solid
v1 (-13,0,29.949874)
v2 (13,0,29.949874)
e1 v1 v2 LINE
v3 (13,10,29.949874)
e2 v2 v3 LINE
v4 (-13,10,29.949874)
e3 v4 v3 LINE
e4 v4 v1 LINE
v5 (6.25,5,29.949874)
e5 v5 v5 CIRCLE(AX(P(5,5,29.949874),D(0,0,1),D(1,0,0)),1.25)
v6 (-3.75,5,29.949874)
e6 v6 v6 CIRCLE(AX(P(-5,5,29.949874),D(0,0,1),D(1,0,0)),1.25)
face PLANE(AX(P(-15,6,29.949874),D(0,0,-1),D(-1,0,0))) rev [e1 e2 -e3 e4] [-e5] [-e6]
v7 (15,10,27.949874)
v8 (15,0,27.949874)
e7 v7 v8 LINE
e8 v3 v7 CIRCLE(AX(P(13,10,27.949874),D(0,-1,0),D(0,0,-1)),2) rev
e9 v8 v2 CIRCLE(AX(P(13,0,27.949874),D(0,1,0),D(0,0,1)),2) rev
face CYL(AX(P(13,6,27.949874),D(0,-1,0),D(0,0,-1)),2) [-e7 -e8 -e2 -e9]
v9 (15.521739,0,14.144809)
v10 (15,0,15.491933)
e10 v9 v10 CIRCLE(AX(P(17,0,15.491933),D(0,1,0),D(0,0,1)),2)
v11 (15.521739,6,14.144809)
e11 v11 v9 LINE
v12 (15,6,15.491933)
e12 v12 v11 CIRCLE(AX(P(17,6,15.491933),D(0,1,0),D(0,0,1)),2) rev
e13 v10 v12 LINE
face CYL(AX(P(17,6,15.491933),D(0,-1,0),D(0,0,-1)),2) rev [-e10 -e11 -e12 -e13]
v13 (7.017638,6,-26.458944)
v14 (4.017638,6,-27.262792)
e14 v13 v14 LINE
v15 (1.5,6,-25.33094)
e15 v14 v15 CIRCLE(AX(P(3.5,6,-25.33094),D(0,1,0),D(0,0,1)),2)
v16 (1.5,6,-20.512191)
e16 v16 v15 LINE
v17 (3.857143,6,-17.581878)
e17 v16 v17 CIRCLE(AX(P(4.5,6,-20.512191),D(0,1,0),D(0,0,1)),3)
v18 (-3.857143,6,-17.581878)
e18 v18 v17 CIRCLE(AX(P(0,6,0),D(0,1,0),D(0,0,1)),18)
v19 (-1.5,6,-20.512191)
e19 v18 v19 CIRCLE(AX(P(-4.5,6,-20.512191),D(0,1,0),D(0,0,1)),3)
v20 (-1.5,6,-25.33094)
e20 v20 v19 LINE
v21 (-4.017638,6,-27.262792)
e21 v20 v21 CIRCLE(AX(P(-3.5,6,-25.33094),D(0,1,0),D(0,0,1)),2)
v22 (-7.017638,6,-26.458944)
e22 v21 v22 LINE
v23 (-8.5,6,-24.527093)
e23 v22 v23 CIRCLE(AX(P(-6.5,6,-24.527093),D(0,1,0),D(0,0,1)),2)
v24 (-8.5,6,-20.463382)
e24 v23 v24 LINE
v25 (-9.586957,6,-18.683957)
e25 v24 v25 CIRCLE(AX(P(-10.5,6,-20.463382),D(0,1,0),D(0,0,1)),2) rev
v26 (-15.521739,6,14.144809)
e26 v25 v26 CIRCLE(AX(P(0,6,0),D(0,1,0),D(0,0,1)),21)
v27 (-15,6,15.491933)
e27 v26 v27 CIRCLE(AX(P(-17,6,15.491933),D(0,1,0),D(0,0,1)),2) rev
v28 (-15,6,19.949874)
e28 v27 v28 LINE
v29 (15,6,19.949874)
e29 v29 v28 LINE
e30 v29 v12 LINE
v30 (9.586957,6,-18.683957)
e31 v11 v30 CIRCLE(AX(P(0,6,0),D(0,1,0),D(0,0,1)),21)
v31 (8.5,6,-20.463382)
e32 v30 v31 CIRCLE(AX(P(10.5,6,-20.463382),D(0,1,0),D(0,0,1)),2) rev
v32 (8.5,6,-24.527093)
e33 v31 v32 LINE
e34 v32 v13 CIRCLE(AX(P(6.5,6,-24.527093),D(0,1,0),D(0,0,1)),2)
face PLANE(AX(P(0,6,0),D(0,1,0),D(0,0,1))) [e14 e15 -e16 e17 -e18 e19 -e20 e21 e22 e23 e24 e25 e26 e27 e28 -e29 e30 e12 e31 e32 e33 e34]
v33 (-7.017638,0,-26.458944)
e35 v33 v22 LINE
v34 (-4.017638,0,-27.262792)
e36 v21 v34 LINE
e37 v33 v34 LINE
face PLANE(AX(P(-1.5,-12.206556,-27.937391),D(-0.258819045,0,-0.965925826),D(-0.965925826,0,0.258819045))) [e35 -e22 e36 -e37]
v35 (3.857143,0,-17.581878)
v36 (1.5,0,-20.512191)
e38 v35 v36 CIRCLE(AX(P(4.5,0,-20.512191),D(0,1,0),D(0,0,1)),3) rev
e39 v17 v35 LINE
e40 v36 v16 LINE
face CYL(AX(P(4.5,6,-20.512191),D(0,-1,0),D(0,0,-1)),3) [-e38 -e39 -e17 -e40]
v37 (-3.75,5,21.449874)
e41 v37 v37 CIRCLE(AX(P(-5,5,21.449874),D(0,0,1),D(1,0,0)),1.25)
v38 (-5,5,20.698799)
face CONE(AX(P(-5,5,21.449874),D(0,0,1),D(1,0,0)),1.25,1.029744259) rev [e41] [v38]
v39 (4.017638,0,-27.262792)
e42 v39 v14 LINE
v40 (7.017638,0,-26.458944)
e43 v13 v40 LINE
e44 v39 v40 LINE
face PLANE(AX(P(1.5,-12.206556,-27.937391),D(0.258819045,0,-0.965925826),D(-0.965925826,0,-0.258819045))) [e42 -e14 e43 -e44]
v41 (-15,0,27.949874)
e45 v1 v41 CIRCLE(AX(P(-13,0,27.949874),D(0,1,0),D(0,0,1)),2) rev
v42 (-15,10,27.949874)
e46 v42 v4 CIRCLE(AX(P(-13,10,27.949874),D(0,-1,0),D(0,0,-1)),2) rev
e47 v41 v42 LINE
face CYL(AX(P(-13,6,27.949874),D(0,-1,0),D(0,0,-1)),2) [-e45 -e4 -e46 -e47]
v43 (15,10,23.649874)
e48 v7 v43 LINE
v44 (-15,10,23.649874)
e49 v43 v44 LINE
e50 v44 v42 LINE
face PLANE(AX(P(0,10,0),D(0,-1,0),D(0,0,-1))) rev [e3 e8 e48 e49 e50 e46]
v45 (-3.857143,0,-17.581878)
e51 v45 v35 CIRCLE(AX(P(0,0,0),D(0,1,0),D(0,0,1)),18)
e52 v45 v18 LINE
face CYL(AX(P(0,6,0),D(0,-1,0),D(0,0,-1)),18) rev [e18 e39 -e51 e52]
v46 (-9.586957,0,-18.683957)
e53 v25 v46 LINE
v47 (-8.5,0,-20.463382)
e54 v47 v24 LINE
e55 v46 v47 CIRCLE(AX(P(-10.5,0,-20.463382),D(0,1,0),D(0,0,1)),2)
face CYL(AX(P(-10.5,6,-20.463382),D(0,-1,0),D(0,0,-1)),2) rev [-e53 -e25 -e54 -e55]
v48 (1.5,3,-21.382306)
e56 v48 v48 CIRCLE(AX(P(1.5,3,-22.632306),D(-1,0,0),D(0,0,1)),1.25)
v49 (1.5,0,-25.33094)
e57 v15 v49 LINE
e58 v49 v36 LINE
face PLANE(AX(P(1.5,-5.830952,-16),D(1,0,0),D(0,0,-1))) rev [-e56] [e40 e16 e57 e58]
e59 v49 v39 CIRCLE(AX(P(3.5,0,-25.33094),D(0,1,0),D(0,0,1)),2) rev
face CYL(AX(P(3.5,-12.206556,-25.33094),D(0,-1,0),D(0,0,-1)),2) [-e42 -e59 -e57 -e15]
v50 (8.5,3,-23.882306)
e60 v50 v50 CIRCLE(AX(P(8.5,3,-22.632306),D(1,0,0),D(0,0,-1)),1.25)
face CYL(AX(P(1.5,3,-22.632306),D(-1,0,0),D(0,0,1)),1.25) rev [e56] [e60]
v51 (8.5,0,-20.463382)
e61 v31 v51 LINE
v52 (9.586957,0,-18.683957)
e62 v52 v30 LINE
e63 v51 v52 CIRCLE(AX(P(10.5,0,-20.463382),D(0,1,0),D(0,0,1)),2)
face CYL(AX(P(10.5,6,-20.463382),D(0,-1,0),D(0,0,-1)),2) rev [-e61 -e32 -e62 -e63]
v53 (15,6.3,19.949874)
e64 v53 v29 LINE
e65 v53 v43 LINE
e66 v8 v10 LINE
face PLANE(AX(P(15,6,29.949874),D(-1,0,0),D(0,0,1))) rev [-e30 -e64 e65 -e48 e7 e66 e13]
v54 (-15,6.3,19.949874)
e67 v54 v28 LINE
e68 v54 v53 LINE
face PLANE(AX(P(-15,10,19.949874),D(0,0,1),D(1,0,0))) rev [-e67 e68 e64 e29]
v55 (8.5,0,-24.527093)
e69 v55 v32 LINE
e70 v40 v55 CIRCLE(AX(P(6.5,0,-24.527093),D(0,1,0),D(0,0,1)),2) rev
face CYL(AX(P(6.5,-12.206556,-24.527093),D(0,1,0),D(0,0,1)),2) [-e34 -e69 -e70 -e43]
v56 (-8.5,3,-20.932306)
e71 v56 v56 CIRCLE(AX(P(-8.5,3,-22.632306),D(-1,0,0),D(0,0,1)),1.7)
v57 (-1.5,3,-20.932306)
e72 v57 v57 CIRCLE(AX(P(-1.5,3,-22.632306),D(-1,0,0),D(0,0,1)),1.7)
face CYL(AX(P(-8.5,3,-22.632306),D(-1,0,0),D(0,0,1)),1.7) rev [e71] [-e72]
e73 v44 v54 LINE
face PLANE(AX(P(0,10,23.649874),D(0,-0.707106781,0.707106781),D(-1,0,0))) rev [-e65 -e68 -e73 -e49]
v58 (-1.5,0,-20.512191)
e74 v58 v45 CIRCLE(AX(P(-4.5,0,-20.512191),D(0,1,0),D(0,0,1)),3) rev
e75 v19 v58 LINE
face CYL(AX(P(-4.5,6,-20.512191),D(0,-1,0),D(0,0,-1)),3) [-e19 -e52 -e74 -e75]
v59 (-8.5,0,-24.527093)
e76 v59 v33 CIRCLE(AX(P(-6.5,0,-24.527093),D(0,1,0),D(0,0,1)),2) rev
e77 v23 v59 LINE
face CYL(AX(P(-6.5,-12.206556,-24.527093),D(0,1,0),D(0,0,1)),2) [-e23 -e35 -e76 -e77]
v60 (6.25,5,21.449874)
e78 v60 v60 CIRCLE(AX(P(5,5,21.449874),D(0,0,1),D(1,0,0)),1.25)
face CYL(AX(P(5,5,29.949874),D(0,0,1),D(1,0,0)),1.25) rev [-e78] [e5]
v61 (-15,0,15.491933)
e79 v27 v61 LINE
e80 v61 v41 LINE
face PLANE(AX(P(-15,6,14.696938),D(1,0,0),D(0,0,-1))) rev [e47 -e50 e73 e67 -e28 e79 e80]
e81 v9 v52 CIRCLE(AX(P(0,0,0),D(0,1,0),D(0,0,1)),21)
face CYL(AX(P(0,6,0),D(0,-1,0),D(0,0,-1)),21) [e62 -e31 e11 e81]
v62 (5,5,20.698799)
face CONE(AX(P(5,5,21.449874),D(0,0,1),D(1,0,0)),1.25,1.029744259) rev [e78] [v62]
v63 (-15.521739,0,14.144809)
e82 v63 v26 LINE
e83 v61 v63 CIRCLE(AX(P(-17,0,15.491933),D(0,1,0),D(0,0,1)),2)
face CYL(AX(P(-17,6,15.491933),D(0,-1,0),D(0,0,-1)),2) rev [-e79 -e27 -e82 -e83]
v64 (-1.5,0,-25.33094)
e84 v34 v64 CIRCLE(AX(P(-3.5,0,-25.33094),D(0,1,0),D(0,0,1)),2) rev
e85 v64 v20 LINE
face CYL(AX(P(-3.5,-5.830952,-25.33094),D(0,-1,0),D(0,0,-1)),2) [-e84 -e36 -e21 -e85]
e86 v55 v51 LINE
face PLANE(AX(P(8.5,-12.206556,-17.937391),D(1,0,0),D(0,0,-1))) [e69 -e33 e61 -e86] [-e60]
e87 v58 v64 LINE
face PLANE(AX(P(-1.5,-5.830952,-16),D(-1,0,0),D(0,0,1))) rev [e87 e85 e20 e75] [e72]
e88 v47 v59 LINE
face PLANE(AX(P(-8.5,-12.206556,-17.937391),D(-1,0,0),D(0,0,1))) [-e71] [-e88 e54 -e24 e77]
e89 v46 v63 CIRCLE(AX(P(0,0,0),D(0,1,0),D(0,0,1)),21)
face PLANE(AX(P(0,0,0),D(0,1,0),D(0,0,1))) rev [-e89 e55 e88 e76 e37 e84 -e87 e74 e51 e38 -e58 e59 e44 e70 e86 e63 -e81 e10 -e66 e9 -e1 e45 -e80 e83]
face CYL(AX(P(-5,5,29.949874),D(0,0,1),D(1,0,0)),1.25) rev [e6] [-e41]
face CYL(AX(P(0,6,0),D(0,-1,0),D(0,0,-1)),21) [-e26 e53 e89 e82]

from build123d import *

# Parameters (mm, degrees)
SKETCH_1_R            = 18
EXTRUDE_1_DEPTH       = 6
SKETCH_4_W            = 3
SKETCH_4_H            = 5
CUT_EXTRUDE_2_DEPTH   = 6
SKETCH_20_W           = 30
SKETCH_20_H           = 10
EXTRUDE_6_DEPTH       = 4
EXTRUDE_5_DEPTH       = 6
HOLE_WIZARD_M32_D     = 3.4
HOLE_WIZARD_M32_DEPTH = 7
M3X0_51_D             = 2.5
M3X0_52_D             = 2.5
M3X0_52_DEPTH         = 8.5
M3X0_52_TIP           = 0.751075774
FILLET_1_R            = 2
FILLET_2_R            = 3
CHAMFER_1_SIZE        = 3.7


with BuildPart() as part:
    # Эскиз1 → Бобышка-Вытянуть1 (new body)
    with BuildSketch(Plane(origin=(0, 0, 0), x_dir=(1, 0, 0), z_dir=(0, 1, 0))):
        with BuildLine():
            Line((-15, -14.696938457), (-15, -29.949874371))
            Line((-15, -29.949874371), (15, -29.949874371))
            Line((15, -29.949874371), (15, -14.696938457))
            ThreePointArc((15, -14.696938457), (0, 21), (-15, -14.696938457))
        make_face()
        with Locations(Location((0, 0, 0), (0, 0, 270))):
            Circle(SKETCH_1_R, mode=Mode.SUBTRACT)
    extrude(amount=EXTRUDE_1_DEPTH)

    # Эскиз4 → Вырез-Вытянуть2 (cut)
    with BuildSketch(Plane(origin=(0, 6, 0), x_dir=(1, 0, 0), z_dir=(0, 1, 0))):
        with Locations((0, 18.5)):
            Rectangle(SKETCH_4_W, SKETCH_4_H)
    extrude(amount=-CUT_EXTRUDE_2_DEPTH, mode=Mode.SUBTRACT)

    # Эскиз20 → Бобышка-Вытянуть6 (add)
    with BuildSketch(Plane(origin=(0, 6, 0), x_dir=(1, 0, 0), z_dir=(0, 1, 0))):
        with Locations((0, -24.949874371)):
            Rectangle(SKETCH_20_W, SKETCH_20_H)
    extrude(amount=EXTRUDE_6_DEPTH)

    # Эскиз11 → Бобышка-Вытянуть5 (add)
    with BuildSketch(Plane(origin=(0, 6, 0), x_dir=(1, 0, 0), z_dir=(0, 1, 0))):
        Polygon((-1.5, 17.937391115), (-8.5, 17.937391115), (-8.5, 26.061746768), (-1.5, 27.937391115), align=None)
        Polygon((8.5, 17.937391115), (8.5, 26.061746768), (1.5, 27.937391115), (1.5, 17.937391115), align=None)
    extrude(amount=-EXTRUDE_5_DEPTH)

    # Отверстие с зазором M32
    with Locations(Plane.ZY.offset(8.5)):
        with Locations((-22.632305569, 3)):
            Hole(HOLE_WIZARD_M32_D / 2, depth=HOLE_WIZARD_M32_DEPTH)

    # Отверстие обработанное метчиком M3x0.51 (through all)
    with Locations(Plane(origin=(1.5, -0.91070238, -4.39340032), x_dir=(0, 0, 1), z_dir=(-1, 0, 0))):
        with Locations((-18.238905249, 3.91070238)):
            Hole(M3X0_51_D / 2)

    # Отверстие обработанное метчиком M3x0.52
    with Locations(Plane.XY.offset(29.949874371)):
        with Locations((-5, 5), (5, 5)):
            Hole(M3X0_52_D / 2, depth=M3X0_52_DEPTH)
            with Locations((0, 0, -(M3X0_52_DEPTH + M3X0_52_TIP / 2))):  # 118° drill point
                Cone(0, M3X0_52_D / 2, M3X0_52_TIP, mode=Mode.SUBTRACT)

    # Скругление1
    fillet_1_edges = [part.edges().sort_by_distance(p)[0] for p in [
        (15, 3, 14.696938457),
        (-8.5, 3, -19.20286437),
        (8.5, 3, -19.20286437),
        (15, 5, 29.949874371),
        (-15, 5, 29.949874371),
        (-15, 3, 14.696938457),
        (8.5, 3, -26.061746768),
        (1.5, 3, -27.937391115),
        (-1.5, 3, -27.937391115),
        (-8.5, 3, -26.061746768),
    ]]
    fillet(fillet_1_edges, radius=FILLET_1_R)

    # Скругление2
    fillet_2_edges = [part.edges().sort_by_distance(p)[0] for p in [
        (-1.5, 3, -17.937391115),
        (1.5, 3, -17.937391115),
    ]]
    fillet(fillet_2_edges, radius=FILLET_2_R)

    # Фаска1
    chamfer_1_edges = [part.edges().sort_by_distance(p)[0] for p in [
        (0, 10, 19.949874371),
    ]]
    chamfer(chamfer_1_edges, length=CHAMFER_1_SIZE)


solid = part.part
